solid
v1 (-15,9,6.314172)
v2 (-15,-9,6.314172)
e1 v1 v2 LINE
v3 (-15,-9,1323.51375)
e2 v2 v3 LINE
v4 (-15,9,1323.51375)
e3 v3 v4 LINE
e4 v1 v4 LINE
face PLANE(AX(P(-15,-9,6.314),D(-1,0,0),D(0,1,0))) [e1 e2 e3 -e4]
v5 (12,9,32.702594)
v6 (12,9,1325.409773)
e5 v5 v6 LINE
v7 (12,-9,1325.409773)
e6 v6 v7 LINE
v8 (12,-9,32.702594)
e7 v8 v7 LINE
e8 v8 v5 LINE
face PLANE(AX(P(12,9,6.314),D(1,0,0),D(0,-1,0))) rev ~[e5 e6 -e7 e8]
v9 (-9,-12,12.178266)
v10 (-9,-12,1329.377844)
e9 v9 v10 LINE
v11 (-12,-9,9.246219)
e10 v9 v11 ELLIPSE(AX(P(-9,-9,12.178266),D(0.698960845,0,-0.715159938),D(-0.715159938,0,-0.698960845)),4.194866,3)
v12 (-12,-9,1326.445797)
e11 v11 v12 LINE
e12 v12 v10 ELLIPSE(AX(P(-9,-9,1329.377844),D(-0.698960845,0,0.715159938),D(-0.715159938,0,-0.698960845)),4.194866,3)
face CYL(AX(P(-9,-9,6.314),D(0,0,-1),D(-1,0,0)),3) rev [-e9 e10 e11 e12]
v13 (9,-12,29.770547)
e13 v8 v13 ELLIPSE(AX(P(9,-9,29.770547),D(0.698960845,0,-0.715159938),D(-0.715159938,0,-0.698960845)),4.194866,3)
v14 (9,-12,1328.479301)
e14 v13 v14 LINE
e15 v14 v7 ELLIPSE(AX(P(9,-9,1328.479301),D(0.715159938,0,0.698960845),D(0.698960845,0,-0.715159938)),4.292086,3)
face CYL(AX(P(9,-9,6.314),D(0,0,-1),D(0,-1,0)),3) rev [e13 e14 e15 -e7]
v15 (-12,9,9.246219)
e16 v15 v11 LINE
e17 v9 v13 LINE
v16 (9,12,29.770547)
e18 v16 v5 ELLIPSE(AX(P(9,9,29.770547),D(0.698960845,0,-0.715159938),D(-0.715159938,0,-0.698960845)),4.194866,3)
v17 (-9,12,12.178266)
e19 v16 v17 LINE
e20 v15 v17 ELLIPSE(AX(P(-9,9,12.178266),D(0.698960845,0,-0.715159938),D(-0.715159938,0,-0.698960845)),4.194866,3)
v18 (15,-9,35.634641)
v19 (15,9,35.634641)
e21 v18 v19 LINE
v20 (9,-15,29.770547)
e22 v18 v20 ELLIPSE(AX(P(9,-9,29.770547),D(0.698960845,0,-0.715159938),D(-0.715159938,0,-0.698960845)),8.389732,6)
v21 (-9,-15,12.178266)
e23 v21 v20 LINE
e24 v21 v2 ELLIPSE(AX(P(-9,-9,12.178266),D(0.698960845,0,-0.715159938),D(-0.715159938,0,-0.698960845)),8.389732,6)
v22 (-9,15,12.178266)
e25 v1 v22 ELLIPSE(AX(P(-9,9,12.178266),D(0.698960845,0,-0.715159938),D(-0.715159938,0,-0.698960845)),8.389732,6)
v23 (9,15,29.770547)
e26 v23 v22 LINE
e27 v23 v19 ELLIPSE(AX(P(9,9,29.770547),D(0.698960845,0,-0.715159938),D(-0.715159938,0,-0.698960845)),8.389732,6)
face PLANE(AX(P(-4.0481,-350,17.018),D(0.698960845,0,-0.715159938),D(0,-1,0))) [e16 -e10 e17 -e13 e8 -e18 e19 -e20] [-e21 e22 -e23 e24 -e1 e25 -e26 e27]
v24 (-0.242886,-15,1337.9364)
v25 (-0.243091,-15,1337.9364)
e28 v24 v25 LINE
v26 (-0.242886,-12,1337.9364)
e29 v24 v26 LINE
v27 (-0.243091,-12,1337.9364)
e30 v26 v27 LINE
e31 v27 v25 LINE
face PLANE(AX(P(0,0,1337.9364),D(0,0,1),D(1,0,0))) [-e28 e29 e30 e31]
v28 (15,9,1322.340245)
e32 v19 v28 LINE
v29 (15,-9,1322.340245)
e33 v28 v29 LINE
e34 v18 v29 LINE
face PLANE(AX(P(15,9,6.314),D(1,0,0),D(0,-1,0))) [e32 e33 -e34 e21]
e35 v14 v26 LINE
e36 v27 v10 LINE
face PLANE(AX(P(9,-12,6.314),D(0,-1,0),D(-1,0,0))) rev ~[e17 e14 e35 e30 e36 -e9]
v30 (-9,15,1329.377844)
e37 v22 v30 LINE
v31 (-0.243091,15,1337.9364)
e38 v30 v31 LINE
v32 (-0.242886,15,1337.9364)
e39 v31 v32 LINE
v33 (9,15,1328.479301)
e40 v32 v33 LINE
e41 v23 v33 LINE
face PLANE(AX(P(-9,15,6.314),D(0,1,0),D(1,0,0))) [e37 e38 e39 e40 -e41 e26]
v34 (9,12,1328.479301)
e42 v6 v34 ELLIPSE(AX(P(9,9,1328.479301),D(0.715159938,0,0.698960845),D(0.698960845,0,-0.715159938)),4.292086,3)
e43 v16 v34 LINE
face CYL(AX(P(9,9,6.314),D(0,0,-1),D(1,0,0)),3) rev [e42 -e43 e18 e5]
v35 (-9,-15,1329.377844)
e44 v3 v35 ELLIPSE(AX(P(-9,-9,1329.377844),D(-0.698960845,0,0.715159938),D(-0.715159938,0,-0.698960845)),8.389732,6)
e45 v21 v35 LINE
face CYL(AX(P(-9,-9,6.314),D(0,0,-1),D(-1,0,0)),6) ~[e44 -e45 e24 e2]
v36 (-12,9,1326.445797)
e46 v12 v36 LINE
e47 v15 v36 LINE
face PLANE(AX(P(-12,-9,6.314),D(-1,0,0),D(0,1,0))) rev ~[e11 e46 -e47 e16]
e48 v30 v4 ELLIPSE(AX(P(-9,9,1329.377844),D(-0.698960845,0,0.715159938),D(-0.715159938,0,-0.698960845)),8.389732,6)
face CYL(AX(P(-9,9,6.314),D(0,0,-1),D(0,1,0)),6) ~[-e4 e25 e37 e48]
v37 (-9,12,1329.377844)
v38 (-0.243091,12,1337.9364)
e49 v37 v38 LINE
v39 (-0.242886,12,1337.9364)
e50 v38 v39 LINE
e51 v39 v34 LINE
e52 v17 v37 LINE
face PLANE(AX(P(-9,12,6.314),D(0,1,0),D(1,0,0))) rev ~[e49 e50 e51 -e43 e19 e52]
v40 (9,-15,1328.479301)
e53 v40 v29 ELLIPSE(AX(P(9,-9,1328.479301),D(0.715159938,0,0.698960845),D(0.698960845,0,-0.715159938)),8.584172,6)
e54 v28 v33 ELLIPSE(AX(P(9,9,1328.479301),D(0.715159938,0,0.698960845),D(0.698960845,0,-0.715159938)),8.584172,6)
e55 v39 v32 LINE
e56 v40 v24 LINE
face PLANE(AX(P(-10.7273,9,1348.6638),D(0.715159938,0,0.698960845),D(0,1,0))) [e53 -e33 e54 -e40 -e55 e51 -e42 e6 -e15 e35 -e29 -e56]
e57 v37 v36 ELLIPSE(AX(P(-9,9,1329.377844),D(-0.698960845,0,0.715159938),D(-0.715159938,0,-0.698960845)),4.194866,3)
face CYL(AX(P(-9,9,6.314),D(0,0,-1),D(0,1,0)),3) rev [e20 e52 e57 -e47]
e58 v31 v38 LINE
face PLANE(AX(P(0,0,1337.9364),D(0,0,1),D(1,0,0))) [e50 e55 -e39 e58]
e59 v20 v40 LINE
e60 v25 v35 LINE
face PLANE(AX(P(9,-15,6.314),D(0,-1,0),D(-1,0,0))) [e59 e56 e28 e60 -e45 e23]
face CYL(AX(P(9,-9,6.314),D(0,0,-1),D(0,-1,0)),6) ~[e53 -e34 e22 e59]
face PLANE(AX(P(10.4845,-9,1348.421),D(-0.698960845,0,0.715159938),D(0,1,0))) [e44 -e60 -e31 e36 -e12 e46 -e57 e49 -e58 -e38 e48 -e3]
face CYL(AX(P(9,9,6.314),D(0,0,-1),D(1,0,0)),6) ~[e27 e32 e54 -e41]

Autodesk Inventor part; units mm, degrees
ref_plane "Start Plane" through (0, 0, 6.314) normal (0, 0, 1) x (1, 0, 0)
ref_plane "End Plane" through (0, 0, 1337.9364) normal (0, 0, 1) x (1, 0, 0)
sketch "Sketch" plane through (0, 0, 0) normal (0, 0, 1) x (1, 0, 0)
  line L0 (-15, -9) -> (-15, 9)
  line L1 (-9, 15) -> (9, 15)
  line L2 (15, 9) -> (15, -9)
  line L3 (9, -15) -> (-9, -15)
  arc A0 (-15, -9) -> (-9, -15) centre (-9, -9) ccw
  arc A1 (-9, 15) -> (-15, 9) centre (-9, 9) ccw
  arc A2 (15, 9) -> (9, 15) centre (9, 9) ccw
  arc A3 (9, -15) -> (15, -9) centre (9, -9) ccw
  arc A4 (-9, 12) -> (-12, 9) centre (-9, 9) ccw
  line L4 (-9, 12) -> (9, 12)
  arc A5 (12, 9) -> (9, 12) centre (9, 9) ccw
  line L5 (12, 9) -> (12, -9)
  arc A6 (9, -12) -> (12, -9) centre (9, -9) ccw
  line L6 (9, -12) -> (-9, -12)
  arc A7 (-12, -9) -> (-9, -12) centre (-9, -9) ccw
  line L7 (-12, -9) -> (-12, 9)
  line L8 (0, 22.7397) -> (0, -22.7397) construction
  line L9 (-22.7397, 0) -> (22.7397, 0) construction
  dimension "d7" = 6
  dimension "d10" = 30
  dimension "d11" = 30
  dimension "d12" = 3
  dimension "d15" = 15
  dimension "d16" = 15
extrude "Body" add sketch "Sketch" along normal up to surface (1331.6224 mm away) from surface at 6.314
sketch "Sketch3" plane through (0, 0, 0) normal (0, 0, 1) x (1, 0, 0)
  line L0 (0, 0) -> (10, 0)
ref_plane "Work Plane3" through (0, 0, 0) normal (0, -1, 0) x (1, 0, 0)
ref_plane "Work Plane4" through (-4.0481, -350, 17.018) normal (0.699, 0, -0.7152) x (-0.7152, 0, -0.699)
split "Split1" plane through (-4.0481, -350, 17.018) removes the side toward (0.699, 0, -0.7152)
ref_plane "Work Plane5" through (10.4845, -9, 1348.421) normal (-0.699, 0, 0.7152) x (0.7152, 0, 0.699)
split "Split2" plane through (10.4845, -9, 1348.421) removes the side toward (-0.699, 0, 0.7152)
ref_plane "Work Plane6" through (-10.7273, 9, 1348.6638) normal (0.7152, 0, 0.699) x (0.699, 0, -0.7152)
split "Split3" plane through (-10.7273, 9, 1348.6638) removes the side toward (0.7152, 0, 0.699)
sketch "Sketch4" plane through (0, 0, 0) normal (0, -1, 0) x (1, 0, 0)
  line L0 (-2, 6.314) -> (12, 6.314) projected
  line L1 (-2, 1337.9364) -> (12, 1337.9364) projected
  dimension "d18" = 1331.6224
equation "\"d7\" = G_IR"
equation "\"d10\" = G_H"
equation "\"d11\" = G_W"
equation "\"d12\" = G_T"
equation "\"d15\" = 0.5 * d10"
equation "\"d16\" = 0.5 * d11"
equation "\"d3\" = G_L"
equation "\"G_W\" = 30"
equation "\"G_H\" = 30"
equation "\"G_T\" = 3"
equation "\"G_IR\" = 6"
equation "\"G_L\" = d18"
equation "\"G_OFFSET_START\" = -6.31402"
equation "\"G_OFFSET_END\" = -21.21181"
equation "\"d13\" = -G_OFFSET_START"
equation "\"d14\" = G_OFFSET_END + B_L"
equation "\"B_L\" = 1359.14826"
properties part number "DIN EN 10219-2 - 30 x 30 x 3  - 1331.62" material "Steel, Mild"
